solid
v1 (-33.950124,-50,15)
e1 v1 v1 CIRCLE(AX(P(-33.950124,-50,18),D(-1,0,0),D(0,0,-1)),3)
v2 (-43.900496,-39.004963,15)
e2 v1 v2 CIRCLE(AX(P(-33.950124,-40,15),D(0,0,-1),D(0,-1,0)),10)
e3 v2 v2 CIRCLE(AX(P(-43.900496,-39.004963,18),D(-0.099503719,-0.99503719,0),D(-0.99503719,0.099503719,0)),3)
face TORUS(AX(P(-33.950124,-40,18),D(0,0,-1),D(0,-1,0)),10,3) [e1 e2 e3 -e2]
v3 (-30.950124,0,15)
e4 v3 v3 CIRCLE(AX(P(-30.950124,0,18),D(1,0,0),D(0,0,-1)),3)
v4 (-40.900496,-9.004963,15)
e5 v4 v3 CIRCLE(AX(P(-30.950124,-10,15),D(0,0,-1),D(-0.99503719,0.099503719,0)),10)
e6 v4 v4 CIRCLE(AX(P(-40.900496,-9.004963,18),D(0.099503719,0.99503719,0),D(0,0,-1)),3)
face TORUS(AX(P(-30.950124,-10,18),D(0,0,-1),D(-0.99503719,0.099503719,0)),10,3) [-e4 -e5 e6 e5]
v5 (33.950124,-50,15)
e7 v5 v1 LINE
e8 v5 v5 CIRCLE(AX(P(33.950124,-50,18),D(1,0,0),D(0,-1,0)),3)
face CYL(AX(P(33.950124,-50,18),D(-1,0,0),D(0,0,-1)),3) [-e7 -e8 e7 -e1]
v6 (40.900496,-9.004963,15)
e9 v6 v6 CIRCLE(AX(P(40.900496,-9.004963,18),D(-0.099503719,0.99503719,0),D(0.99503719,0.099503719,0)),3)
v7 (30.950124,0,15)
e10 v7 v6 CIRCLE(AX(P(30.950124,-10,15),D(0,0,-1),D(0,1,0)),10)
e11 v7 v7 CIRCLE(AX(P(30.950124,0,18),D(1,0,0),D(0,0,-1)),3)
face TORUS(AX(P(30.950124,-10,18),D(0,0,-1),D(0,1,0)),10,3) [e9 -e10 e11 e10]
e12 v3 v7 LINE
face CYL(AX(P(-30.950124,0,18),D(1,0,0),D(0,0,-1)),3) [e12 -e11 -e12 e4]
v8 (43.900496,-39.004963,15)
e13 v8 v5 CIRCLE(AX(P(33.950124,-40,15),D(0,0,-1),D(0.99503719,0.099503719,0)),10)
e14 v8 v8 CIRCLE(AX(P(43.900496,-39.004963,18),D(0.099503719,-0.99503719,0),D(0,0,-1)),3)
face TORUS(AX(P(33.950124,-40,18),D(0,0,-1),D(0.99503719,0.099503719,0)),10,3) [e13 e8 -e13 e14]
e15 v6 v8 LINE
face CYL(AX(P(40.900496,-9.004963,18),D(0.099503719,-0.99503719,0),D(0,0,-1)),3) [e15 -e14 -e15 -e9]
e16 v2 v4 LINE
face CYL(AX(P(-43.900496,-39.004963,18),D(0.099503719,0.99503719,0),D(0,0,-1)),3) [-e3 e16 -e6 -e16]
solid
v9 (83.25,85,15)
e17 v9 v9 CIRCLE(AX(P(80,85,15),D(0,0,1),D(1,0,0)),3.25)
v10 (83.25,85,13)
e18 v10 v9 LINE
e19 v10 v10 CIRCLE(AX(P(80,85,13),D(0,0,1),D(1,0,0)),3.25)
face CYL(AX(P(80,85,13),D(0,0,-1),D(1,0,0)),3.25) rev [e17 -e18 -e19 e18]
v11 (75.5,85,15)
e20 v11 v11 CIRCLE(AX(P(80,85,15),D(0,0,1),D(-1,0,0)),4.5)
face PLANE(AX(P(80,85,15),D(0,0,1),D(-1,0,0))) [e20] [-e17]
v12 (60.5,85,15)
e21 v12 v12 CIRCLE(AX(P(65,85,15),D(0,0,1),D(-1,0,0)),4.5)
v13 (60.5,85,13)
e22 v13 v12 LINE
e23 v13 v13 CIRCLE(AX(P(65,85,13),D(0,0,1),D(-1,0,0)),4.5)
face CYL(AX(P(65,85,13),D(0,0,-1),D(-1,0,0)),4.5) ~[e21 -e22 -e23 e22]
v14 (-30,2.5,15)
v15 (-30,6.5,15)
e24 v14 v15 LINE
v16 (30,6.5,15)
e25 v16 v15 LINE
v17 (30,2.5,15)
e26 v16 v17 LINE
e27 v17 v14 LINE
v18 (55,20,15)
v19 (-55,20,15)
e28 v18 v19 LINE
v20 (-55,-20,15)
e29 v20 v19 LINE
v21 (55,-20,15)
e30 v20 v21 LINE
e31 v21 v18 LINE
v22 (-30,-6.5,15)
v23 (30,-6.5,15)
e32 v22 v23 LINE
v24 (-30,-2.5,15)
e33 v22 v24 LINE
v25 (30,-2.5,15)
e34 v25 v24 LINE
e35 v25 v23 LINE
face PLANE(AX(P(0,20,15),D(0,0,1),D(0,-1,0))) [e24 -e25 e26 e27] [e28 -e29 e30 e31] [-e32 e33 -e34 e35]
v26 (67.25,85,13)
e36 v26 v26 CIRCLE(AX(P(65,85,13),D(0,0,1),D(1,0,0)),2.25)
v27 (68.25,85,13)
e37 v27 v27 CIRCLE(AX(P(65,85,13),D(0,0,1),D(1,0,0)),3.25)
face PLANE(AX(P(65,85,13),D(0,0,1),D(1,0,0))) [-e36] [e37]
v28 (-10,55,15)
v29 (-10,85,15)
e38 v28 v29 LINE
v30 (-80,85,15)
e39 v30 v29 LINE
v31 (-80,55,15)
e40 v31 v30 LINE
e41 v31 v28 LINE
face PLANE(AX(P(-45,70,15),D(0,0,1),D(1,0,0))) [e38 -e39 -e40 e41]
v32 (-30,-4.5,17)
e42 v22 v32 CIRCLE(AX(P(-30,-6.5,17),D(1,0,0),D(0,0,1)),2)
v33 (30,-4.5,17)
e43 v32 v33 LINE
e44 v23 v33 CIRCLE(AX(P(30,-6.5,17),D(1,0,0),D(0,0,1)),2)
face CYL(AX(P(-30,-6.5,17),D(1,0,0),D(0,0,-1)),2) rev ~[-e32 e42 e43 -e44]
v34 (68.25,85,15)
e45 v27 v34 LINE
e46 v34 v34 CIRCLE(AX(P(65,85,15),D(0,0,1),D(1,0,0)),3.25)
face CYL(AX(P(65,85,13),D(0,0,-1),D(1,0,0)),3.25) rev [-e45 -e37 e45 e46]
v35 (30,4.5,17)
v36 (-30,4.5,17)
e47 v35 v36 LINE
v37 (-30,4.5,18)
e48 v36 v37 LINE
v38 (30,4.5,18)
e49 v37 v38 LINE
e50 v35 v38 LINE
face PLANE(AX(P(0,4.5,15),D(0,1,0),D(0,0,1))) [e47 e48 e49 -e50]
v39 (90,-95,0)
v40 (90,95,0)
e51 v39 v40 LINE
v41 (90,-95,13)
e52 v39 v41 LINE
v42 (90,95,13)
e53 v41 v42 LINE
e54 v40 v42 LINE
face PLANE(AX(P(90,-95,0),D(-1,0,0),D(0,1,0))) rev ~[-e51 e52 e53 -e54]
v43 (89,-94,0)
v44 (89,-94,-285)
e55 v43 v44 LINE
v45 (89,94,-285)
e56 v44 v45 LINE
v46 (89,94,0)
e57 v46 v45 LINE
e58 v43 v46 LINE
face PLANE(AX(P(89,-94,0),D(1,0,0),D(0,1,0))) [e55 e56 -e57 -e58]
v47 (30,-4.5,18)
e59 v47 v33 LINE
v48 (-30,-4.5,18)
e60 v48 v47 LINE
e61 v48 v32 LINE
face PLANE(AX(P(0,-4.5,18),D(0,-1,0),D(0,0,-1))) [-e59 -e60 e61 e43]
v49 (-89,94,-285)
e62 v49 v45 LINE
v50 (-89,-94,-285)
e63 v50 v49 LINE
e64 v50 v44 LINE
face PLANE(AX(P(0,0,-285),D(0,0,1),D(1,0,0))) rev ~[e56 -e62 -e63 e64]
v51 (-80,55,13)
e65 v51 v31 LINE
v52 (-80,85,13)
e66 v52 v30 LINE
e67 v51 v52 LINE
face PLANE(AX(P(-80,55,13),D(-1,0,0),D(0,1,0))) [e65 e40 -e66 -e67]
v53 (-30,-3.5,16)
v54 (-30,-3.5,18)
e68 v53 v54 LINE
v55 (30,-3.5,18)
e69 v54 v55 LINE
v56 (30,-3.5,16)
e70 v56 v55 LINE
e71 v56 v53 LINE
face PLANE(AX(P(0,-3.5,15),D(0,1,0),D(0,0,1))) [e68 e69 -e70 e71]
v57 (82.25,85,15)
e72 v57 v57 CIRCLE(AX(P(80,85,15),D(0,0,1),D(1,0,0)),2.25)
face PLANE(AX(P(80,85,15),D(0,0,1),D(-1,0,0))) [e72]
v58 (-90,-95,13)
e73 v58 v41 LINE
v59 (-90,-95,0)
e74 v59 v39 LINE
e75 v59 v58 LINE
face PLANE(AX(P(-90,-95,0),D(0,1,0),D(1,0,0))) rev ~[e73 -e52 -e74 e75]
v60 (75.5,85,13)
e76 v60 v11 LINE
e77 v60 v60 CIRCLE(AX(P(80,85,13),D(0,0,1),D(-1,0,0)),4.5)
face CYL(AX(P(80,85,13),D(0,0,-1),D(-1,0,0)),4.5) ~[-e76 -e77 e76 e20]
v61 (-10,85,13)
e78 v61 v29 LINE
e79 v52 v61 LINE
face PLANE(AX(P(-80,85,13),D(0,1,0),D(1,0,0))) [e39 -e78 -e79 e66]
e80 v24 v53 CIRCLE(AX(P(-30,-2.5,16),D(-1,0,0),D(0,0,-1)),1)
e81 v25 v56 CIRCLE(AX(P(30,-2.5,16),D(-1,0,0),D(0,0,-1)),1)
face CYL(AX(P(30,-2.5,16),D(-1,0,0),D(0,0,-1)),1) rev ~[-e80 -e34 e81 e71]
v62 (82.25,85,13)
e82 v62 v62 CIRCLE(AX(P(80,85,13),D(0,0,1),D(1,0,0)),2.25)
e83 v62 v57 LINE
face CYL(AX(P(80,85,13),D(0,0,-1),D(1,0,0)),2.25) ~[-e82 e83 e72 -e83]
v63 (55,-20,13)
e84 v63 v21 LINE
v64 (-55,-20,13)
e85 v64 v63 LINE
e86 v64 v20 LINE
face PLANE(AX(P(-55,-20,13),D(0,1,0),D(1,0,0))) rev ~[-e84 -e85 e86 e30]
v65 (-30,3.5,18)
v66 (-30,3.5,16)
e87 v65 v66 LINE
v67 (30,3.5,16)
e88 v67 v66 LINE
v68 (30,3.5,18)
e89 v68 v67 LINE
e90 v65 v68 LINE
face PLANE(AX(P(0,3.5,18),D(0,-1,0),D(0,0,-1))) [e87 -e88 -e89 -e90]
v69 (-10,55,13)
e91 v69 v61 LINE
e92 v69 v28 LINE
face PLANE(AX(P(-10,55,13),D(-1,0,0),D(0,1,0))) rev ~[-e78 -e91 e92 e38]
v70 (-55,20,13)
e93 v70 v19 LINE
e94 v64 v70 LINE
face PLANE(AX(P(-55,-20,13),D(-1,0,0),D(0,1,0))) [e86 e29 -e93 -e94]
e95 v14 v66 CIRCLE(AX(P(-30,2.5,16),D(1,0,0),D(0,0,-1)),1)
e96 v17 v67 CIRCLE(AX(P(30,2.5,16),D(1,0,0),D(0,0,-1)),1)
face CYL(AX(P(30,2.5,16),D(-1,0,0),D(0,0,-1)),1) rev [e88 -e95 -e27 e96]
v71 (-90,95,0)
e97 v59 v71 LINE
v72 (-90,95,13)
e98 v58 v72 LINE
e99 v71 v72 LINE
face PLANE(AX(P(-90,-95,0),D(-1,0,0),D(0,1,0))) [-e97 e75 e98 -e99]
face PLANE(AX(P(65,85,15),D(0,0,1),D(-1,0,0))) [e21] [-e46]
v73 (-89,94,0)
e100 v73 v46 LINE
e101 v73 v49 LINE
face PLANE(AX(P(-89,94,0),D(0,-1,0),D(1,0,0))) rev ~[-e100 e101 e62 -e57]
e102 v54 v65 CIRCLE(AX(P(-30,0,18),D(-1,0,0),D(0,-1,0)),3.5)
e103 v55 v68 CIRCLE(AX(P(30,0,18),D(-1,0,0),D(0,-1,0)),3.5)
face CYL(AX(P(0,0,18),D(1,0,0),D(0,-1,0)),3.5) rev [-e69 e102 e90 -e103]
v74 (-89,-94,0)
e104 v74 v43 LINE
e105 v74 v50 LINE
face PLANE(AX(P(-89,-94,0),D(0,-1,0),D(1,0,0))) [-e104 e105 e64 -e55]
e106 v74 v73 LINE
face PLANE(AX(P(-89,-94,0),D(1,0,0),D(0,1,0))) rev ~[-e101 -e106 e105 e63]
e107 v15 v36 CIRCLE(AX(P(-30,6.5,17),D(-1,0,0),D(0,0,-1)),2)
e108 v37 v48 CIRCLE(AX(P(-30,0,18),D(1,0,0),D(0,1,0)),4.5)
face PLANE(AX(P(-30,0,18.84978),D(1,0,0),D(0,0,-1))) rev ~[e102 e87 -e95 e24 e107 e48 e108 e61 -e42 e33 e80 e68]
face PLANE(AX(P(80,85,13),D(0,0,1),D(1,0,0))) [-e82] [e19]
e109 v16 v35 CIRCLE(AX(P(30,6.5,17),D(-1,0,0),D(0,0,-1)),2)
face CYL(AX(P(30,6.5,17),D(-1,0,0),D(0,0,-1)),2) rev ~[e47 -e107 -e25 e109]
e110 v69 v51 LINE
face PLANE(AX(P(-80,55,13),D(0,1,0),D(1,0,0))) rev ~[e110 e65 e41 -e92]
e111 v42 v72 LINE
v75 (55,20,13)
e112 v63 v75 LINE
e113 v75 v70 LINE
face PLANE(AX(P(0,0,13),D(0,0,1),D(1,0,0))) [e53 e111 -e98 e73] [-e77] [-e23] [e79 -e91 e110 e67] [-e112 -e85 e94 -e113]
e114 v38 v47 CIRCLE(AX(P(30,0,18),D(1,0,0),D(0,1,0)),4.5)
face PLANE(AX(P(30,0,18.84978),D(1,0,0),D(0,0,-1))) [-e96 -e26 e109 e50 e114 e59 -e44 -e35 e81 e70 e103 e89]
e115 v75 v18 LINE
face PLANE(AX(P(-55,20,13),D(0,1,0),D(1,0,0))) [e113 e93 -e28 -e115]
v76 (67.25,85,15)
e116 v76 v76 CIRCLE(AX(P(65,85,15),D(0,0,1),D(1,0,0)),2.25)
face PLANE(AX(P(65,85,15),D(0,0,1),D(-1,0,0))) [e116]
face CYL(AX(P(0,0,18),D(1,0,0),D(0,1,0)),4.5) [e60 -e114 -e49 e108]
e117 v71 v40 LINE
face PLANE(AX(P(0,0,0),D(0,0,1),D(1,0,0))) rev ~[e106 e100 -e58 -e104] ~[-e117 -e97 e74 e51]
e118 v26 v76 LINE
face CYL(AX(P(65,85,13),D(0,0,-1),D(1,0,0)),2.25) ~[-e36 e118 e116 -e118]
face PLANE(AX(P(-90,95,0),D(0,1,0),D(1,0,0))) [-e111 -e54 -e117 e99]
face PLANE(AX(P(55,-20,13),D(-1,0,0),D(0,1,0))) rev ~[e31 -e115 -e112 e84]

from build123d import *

# Parameters (mm, degrees)
SKETCH_1_W          = 180
SKETCH_1_H          = 190
EXTRUDE_2_DEPTH     = 13
SKETCH_1_4_W        = 178
SKETCH_1_4_H        = 188
EXTRUDE_3_DEPTH     = 285
SKETCH_2_W          = 70
SKETCH_2_H          = 30
SKETCH_2_W_2        = 110
SKETCH_2_H_2        = 40
EXTRUDE_4_DEPTH     = 2
SKETCH_4_R          = 3
SKETCH_13_R         = 4.5
EXTRUDE_5_DEPTH     = 2
SKETCH_13_3_R       = 3.25
SKETCH_13_3_R_2     = 2.25
CUT_EXTRUDE_1_DEPTH = 2
SKETCH_4_8_R        = 3
SKETCH_4_8_R_2      = 2
SKETCH_4_8_W        = 1
SKETCH_4_8_H        = 190
EXTRUDE_1_DEPTH     = 30
FILLET_1_R          = 2
FILLET_2_R          = 1


with BuildPart() as part:
    # 草图1 → 凸台-拉伸2 (new body)
    with BuildSketch(Plane.XY):
        Rectangle(SKETCH_1_W, SKETCH_1_H)
    extrude(amount=EXTRUDE_2_DEPTH)

    # 草图1<4> → 凸台-拉伸3 (add)
    with BuildSketch(Plane.XY):
        Rectangle(SKETCH_1_4_W, SKETCH_1_4_H)
    extrude(amount=-EXTRUDE_3_DEPTH)

    # 草图2 → 凸台-拉伸4 (add)
    with BuildSketch(Plane.XY.offset(13)):
        with Locations((-45, 70)):
            Rectangle(SKETCH_2_W, SKETCH_2_H)
        Rectangle(SKETCH_2_W_2, SKETCH_2_H_2)
    extrude(amount=EXTRUDE_4_DEPTH)

    # 草图13 → 凸台-拉伸5 (add)
    with BuildSketch(Plane.XY.offset(13)):
        with Locations(Location((65, 85, 0), (0, 0, 180))):
            Circle(SKETCH_13_R)
        with Locations(Location((80, 85, 0), (0, 0, 180))):
            Circle(SKETCH_13_R)
    extrude(amount=EXTRUDE_5_DEPTH)

    # 草图13<3> → 切除-拉伸-薄壁1 (cut)
    # profile 1 of 2: a face of its own
    with BuildSketch(Plane.XY.offset(13)):
        with Locations((80, 85)):
            Circle(SKETCH_13_3_R)
        with Locations((80, 85)):
            Circle(SKETCH_13_3_R_2, mode=Mode.SUBTRACT)
    # profile 2 of 2: a face of its own
    with BuildSketch(Plane.XY.offset(13)):
        with Locations((65, 85)):
            Circle(SKETCH_13_3_R)
        with Locations((65, 85)):
            Circle(SKETCH_13_3_R_2, mode=Mode.SUBTRACT)
    extrude(amount=CUT_EXTRUDE_1_DEPTH, mode=Mode.SUBTRACT)

    # 草图4<8> → 拉伸-薄壁1 (add, symmetric)
    # profile 1 of 4: a face of its own
    with BuildSketch(Plane(origin=(0, 0, 0), x_dir=(0, 0, -1), z_dir=(1, 0, 0))):
        with Locations((-18, 0)):
            Circle(SKETCH_4_8_R)
        with Locations((-18, 0)):
            Circle(SKETCH_4_8_R_2, mode=Mode.SUBTRACT)
    # profile 2 of 4: a face of its own
    with BuildSketch(Plane(origin=(0, 0, 0), x_dir=(0, 0, -1), z_dir=(1, 0, 0))):
        Polygon((-13, 20), (-15, 20), (-15, -20), (-13, -20), (-13, -19), (-14, -19), (-14, 19), (-13, 19), align=None)
    # profile 3 of 4: a face of its own
    with BuildSketch(Plane(origin=(0, 0, 0), x_dir=(0, 0, -1), z_dir=(1, 0, 0))):
        with Locations((-12.5, 0)):
            Rectangle(SKETCH_4_8_W, SKETCH_4_8_H)
    # profile 4 of 4: a face of its own
    with BuildSketch(Plane(origin=(0, 0, 0), x_dir=(0, 0, -1), z_dir=(1, 0, 0))):
        with BuildLine():
            Line((-15, -3.5), (-18, -3.5))
            ThreePointArc((-18, -3.5), (-21.5, 0), (-18, 3.5))
            Line((-18, 3.5), (-15, 3.5))
            Line((-15, 3.5), (-15, 4.5))
            Line((-15, 4.5), (-18, 4.5))
            ThreePointArc((-18, 4.5), (-22.5, 0), (-18, -4.5))
            Line((-18, -4.5), (-15, -4.5))
            Line((-15, -4.5), (-15, -3.5))
        make_face()
    extrude(amount=EXTRUDE_1_DEPTH, both=True)


with BuildPart() as body_2:
    # 扫描2: sweep along a path in 草图3
    with BuildLine(Plane.XY.offset(15)) as sweep_2_path:
        Line((-30.950124379, 0), (30.950124379, 0))
        ThreePointArc((30.950124379, 0), (37.660177586, -2.585474664), (40.900496281, -9.00496281))
        Line((40.900496281, -9.00496281), (43.900496281, -39.00496281))
        ThreePointArc((43.900496281, -39.00496281), (41.364649714, -46.710053208), (33.950124379, -50))
        Line((33.950124379, -50), (-33.950124379, -50))
        ThreePointArc((-33.950124379, -50), (-41.364649714, -46.710053208), (-43.900496281, -39.00496281))
        Line((-43.900496281, -39.00496281), (-40.900496281, -9.00496281))
        ThreePointArc((-40.900496281, -9.00496281), (-37.660177586, -2.585474664), (-30.950124379, 0))
    # 草图4 → 扫描2 (sweep)
    with BuildSketch(Plane(origin=(0, 0, 0), x_dir=(0, 0, -1), z_dir=(1, 0, 0))):
        with Locations((-18, 0)):
            Circle(SKETCH_4_R)
    sweep(path=sweep_2_path.line)


with BuildPart() as extrude_1_kept_piece:
    # of the separate pieces the step leaves, the one the design keeps (extrude_1_pieces_kept)
    add(part.part.solids().sort_by_distance((90, 95, 0))[0])

    # 圆角1
    fillet_1_edges = [extrude_1_kept_piece.edges().sort_by_distance(p)[0] for p in [
        (0, 4.5, 15),
        (0, -4.5, 15),
    ]]
    fillet(fillet_1_edges, radius=FILLET_1_R)

    # 圆角2
    fillet_2_edges = [extrude_1_kept_piece.edges().sort_by_distance(p)[0] for p in [
        (0, 3.5, 15),
        (0, -3.5, 15),
    ]]
    fillet(fillet_2_edges, radius=FILLET_2_R)


solid = Compound([body_2.part, extrude_1_kept_piece.part])
